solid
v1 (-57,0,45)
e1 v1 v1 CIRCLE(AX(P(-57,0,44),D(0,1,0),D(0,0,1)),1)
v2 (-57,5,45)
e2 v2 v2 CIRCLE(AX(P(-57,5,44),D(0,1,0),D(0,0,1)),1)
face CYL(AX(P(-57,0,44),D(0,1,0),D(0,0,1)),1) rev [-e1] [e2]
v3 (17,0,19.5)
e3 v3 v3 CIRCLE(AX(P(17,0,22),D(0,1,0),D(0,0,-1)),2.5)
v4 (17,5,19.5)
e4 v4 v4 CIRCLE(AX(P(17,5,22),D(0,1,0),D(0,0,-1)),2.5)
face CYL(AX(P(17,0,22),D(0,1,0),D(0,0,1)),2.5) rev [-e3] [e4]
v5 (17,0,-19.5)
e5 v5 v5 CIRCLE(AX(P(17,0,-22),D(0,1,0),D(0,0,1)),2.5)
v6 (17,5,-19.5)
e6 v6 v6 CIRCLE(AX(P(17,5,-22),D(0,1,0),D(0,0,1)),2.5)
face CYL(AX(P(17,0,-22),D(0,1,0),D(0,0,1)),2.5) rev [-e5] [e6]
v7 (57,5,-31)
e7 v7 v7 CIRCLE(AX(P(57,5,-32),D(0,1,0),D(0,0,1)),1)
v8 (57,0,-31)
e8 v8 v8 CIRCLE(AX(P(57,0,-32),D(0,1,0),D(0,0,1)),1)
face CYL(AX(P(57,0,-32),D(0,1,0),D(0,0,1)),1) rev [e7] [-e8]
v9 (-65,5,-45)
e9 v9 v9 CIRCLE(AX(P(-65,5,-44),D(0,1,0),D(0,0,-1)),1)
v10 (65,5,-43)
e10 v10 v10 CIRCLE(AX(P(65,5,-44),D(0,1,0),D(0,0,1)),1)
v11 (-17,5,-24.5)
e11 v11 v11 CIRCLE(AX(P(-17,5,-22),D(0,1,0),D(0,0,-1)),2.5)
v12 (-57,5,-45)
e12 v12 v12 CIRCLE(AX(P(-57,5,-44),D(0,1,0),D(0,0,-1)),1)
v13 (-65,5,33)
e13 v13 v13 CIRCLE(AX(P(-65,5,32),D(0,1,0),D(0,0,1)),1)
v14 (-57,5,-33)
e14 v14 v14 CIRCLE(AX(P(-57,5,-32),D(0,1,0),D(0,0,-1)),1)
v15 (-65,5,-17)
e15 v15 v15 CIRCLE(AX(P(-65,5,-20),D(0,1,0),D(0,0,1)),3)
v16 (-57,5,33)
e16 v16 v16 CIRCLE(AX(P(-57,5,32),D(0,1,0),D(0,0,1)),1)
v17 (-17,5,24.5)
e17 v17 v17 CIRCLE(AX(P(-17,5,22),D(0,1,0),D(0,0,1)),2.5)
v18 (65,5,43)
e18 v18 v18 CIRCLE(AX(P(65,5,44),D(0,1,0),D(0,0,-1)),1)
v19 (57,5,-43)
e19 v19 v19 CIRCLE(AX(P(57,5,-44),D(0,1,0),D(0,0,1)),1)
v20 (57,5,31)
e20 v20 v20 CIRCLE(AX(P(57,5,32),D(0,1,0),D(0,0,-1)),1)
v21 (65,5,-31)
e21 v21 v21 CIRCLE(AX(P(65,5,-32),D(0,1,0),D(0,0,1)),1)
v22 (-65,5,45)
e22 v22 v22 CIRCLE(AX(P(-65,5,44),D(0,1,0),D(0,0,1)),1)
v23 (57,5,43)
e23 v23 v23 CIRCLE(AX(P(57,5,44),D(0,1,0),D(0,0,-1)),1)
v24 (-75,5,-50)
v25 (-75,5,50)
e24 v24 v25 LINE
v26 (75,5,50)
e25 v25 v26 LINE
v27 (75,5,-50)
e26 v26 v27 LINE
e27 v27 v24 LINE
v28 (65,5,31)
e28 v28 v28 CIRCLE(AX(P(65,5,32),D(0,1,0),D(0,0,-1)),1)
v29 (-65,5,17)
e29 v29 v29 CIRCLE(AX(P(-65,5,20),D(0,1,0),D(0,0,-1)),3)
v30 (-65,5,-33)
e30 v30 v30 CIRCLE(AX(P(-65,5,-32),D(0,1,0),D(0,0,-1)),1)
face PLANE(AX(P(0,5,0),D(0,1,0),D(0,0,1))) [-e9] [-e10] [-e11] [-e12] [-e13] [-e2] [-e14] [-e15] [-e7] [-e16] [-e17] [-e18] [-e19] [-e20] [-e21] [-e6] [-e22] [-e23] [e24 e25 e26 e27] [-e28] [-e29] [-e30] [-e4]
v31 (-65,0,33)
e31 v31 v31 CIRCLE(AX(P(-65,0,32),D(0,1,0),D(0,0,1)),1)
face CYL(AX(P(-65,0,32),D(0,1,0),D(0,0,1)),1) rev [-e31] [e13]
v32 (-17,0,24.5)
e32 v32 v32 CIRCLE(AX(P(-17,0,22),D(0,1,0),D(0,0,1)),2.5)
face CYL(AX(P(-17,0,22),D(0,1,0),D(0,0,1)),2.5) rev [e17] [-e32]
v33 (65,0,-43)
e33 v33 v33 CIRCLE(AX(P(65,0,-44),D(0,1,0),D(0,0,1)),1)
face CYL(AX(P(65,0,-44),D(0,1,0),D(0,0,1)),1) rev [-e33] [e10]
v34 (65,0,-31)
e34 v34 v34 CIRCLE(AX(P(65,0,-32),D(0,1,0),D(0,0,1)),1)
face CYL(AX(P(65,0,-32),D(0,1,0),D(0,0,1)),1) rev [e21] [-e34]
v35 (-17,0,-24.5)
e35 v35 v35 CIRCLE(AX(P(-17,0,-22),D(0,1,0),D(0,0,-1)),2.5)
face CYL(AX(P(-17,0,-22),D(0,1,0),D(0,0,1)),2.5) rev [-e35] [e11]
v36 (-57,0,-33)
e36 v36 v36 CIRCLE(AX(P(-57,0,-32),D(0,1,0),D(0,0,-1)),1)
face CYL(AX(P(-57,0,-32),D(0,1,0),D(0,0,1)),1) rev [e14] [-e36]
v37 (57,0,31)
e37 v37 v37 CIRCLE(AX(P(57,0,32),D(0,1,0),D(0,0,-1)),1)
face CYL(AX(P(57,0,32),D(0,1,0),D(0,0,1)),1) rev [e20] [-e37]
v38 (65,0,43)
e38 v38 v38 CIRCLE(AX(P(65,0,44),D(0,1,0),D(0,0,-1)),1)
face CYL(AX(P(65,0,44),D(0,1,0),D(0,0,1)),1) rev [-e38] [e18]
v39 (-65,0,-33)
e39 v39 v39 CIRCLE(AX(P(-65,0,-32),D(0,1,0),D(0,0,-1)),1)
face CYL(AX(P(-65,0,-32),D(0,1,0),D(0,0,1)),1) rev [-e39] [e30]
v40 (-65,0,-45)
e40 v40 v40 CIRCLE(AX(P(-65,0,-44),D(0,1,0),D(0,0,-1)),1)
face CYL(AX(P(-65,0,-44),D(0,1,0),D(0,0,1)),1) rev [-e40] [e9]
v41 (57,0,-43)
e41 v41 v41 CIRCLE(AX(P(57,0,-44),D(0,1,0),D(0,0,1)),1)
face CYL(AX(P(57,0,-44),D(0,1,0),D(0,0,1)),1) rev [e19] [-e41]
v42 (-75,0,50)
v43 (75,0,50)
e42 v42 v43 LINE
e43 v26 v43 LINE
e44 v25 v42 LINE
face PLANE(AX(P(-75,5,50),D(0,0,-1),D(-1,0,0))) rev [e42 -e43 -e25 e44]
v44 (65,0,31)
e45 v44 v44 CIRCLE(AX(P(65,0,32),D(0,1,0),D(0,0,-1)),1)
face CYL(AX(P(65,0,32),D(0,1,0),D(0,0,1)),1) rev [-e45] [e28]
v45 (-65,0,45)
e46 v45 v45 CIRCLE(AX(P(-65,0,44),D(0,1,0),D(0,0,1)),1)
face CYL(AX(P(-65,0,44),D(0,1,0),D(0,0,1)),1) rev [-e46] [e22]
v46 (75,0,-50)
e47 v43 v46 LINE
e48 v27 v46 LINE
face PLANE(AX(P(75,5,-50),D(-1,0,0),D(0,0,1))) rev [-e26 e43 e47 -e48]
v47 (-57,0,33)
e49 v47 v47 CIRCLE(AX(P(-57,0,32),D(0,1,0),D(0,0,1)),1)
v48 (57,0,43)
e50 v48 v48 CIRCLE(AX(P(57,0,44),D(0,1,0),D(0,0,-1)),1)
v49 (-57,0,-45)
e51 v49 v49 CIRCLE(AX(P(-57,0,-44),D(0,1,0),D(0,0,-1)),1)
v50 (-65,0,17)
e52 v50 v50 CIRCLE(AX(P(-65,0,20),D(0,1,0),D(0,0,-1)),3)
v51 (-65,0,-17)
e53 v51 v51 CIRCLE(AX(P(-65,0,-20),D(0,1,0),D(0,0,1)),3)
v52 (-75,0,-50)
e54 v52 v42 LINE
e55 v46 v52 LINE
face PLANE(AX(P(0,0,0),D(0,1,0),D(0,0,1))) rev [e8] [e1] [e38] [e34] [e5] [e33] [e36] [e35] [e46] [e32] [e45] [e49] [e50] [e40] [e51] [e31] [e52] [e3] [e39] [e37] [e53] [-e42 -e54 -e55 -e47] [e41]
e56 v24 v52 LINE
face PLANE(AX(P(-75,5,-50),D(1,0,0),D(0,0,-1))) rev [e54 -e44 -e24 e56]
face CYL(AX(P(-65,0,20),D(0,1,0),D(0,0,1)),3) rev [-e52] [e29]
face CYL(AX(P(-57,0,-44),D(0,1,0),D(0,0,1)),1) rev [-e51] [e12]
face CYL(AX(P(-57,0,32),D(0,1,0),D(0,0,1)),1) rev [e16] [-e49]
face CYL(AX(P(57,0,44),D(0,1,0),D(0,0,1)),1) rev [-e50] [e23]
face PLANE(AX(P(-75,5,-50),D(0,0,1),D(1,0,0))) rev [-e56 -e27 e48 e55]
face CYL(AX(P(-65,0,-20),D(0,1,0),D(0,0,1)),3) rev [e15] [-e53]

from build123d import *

# Parameters (mm, degrees)
SKETCH1_W           = 150
SKETCH1_H           = 100
BOSS_EXTRUDE1_DEPTH = 5
SKETCH2_R           = 2.5
SKETCH2_R_2         = 1
CUT_EXTRUDE1_DEPTH  = 91.277350426
SKETCH3_R           = 3
CUT_EXTRUDE2_DEPTH  = 91.277350426


with BuildPart() as part:
    # Sketch1 → Boss-Extrude1 (new body)
    with BuildSketch(Plane(origin=(0, 0, 0), x_dir=(1, 0, 0), z_dir=(0, 1, 0))):
        Rectangle(SKETCH1_W, SKETCH1_H)
    extrude(amount=BOSS_EXTRUDE1_DEPTH)

    # Sketch2 → Cut-Extrude1 (cut, through all)
    with BuildSketch(Plane(origin=(0, 5, 0), x_dir=(1, 0, 0), z_dir=(0, 1, 0))):
        with Locations(Location((17, 22, 0), (0, 0, 270))):
            Circle(SKETCH2_R)
        with Locations(Location((17, -22, 0), (0, 0, 90))):
            Circle(SKETCH2_R)
        with Locations(Location((-17, 22, 0), (0, 0, 90))):
            Circle(SKETCH2_R)
        with Locations(Location((-17, -22, 0), (0, 0, 270))):
            Circle(SKETCH2_R)
        with Locations(Location((65, 44, 0), (0, 0, 270))):
            Circle(SKETCH2_R_2)
        with Locations(Location((65, 32, 0), (0, 0, 270))):
            Circle(SKETCH2_R_2)
        with Locations(Location((57, 44, 0), (0, 0, 270))):
            Circle(SKETCH2_R_2)
        with Locations(Location((57, 32, 0), (0, 0, 270))):
            Circle(SKETCH2_R_2)
        with Locations(Location((65, -32, 0), (0, 0, 90))):
            Circle(SKETCH2_R_2)
        with Locations(Location((57, -32, 0), (0, 0, 90))):
            Circle(SKETCH2_R_2)
        with Locations(Location((65, -44, 0), (0, 0, 90))):
            Circle(SKETCH2_R_2)
        with Locations(Location((57, -44, 0), (0, 0, 90))):
            Circle(SKETCH2_R_2)
        with Locations(Location((-65, 32, 0), (0, 0, 90))):
            Circle(SKETCH2_R_2)
        with Locations(Location((-57, 32, 0), (0, 0, 90))):
            Circle(SKETCH2_R_2)
        with Locations(Location((-65, 44, 0), (0, 0, 90))):
            Circle(SKETCH2_R_2)
        with Locations(Location((-57, 44, 0), (0, 0, 90))):
            Circle(SKETCH2_R_2)
        with Locations(Location((-57, -44, 0), (0, 0, 270))):
            Circle(SKETCH2_R_2)
        with Locations(Location((-65, -44, 0), (0, 0, 270))):
            Circle(SKETCH2_R_2)
        with Locations(Location((-57, -32, 0), (0, 0, 270))):
            Circle(SKETCH2_R_2)
        with Locations(Location((-65, -32, 0), (0, 0, 270))):
            Circle(SKETCH2_R_2)
    extrude(amount=-CUT_EXTRUDE1_DEPTH, mode=Mode.SUBTRACT)

    # Sketch3 → Cut-Extrude2 (cut, through all)
    with BuildSketch(Plane(origin=(0, 5, 0), x_dir=(1, 0, 0), z_dir=(0, 1, 0))):
        with Locations(Location((-65, 20, 0), (0, 0, 270))):
            Circle(SKETCH3_R)
        with Locations(Location((-65, -20, 0), (0, 0, 90))):
            Circle(SKETCH3_R)
    extrude(amount=-CUT_EXTRUDE2_DEPTH, mode=Mode.SUBTRACT)


solid = part.part
